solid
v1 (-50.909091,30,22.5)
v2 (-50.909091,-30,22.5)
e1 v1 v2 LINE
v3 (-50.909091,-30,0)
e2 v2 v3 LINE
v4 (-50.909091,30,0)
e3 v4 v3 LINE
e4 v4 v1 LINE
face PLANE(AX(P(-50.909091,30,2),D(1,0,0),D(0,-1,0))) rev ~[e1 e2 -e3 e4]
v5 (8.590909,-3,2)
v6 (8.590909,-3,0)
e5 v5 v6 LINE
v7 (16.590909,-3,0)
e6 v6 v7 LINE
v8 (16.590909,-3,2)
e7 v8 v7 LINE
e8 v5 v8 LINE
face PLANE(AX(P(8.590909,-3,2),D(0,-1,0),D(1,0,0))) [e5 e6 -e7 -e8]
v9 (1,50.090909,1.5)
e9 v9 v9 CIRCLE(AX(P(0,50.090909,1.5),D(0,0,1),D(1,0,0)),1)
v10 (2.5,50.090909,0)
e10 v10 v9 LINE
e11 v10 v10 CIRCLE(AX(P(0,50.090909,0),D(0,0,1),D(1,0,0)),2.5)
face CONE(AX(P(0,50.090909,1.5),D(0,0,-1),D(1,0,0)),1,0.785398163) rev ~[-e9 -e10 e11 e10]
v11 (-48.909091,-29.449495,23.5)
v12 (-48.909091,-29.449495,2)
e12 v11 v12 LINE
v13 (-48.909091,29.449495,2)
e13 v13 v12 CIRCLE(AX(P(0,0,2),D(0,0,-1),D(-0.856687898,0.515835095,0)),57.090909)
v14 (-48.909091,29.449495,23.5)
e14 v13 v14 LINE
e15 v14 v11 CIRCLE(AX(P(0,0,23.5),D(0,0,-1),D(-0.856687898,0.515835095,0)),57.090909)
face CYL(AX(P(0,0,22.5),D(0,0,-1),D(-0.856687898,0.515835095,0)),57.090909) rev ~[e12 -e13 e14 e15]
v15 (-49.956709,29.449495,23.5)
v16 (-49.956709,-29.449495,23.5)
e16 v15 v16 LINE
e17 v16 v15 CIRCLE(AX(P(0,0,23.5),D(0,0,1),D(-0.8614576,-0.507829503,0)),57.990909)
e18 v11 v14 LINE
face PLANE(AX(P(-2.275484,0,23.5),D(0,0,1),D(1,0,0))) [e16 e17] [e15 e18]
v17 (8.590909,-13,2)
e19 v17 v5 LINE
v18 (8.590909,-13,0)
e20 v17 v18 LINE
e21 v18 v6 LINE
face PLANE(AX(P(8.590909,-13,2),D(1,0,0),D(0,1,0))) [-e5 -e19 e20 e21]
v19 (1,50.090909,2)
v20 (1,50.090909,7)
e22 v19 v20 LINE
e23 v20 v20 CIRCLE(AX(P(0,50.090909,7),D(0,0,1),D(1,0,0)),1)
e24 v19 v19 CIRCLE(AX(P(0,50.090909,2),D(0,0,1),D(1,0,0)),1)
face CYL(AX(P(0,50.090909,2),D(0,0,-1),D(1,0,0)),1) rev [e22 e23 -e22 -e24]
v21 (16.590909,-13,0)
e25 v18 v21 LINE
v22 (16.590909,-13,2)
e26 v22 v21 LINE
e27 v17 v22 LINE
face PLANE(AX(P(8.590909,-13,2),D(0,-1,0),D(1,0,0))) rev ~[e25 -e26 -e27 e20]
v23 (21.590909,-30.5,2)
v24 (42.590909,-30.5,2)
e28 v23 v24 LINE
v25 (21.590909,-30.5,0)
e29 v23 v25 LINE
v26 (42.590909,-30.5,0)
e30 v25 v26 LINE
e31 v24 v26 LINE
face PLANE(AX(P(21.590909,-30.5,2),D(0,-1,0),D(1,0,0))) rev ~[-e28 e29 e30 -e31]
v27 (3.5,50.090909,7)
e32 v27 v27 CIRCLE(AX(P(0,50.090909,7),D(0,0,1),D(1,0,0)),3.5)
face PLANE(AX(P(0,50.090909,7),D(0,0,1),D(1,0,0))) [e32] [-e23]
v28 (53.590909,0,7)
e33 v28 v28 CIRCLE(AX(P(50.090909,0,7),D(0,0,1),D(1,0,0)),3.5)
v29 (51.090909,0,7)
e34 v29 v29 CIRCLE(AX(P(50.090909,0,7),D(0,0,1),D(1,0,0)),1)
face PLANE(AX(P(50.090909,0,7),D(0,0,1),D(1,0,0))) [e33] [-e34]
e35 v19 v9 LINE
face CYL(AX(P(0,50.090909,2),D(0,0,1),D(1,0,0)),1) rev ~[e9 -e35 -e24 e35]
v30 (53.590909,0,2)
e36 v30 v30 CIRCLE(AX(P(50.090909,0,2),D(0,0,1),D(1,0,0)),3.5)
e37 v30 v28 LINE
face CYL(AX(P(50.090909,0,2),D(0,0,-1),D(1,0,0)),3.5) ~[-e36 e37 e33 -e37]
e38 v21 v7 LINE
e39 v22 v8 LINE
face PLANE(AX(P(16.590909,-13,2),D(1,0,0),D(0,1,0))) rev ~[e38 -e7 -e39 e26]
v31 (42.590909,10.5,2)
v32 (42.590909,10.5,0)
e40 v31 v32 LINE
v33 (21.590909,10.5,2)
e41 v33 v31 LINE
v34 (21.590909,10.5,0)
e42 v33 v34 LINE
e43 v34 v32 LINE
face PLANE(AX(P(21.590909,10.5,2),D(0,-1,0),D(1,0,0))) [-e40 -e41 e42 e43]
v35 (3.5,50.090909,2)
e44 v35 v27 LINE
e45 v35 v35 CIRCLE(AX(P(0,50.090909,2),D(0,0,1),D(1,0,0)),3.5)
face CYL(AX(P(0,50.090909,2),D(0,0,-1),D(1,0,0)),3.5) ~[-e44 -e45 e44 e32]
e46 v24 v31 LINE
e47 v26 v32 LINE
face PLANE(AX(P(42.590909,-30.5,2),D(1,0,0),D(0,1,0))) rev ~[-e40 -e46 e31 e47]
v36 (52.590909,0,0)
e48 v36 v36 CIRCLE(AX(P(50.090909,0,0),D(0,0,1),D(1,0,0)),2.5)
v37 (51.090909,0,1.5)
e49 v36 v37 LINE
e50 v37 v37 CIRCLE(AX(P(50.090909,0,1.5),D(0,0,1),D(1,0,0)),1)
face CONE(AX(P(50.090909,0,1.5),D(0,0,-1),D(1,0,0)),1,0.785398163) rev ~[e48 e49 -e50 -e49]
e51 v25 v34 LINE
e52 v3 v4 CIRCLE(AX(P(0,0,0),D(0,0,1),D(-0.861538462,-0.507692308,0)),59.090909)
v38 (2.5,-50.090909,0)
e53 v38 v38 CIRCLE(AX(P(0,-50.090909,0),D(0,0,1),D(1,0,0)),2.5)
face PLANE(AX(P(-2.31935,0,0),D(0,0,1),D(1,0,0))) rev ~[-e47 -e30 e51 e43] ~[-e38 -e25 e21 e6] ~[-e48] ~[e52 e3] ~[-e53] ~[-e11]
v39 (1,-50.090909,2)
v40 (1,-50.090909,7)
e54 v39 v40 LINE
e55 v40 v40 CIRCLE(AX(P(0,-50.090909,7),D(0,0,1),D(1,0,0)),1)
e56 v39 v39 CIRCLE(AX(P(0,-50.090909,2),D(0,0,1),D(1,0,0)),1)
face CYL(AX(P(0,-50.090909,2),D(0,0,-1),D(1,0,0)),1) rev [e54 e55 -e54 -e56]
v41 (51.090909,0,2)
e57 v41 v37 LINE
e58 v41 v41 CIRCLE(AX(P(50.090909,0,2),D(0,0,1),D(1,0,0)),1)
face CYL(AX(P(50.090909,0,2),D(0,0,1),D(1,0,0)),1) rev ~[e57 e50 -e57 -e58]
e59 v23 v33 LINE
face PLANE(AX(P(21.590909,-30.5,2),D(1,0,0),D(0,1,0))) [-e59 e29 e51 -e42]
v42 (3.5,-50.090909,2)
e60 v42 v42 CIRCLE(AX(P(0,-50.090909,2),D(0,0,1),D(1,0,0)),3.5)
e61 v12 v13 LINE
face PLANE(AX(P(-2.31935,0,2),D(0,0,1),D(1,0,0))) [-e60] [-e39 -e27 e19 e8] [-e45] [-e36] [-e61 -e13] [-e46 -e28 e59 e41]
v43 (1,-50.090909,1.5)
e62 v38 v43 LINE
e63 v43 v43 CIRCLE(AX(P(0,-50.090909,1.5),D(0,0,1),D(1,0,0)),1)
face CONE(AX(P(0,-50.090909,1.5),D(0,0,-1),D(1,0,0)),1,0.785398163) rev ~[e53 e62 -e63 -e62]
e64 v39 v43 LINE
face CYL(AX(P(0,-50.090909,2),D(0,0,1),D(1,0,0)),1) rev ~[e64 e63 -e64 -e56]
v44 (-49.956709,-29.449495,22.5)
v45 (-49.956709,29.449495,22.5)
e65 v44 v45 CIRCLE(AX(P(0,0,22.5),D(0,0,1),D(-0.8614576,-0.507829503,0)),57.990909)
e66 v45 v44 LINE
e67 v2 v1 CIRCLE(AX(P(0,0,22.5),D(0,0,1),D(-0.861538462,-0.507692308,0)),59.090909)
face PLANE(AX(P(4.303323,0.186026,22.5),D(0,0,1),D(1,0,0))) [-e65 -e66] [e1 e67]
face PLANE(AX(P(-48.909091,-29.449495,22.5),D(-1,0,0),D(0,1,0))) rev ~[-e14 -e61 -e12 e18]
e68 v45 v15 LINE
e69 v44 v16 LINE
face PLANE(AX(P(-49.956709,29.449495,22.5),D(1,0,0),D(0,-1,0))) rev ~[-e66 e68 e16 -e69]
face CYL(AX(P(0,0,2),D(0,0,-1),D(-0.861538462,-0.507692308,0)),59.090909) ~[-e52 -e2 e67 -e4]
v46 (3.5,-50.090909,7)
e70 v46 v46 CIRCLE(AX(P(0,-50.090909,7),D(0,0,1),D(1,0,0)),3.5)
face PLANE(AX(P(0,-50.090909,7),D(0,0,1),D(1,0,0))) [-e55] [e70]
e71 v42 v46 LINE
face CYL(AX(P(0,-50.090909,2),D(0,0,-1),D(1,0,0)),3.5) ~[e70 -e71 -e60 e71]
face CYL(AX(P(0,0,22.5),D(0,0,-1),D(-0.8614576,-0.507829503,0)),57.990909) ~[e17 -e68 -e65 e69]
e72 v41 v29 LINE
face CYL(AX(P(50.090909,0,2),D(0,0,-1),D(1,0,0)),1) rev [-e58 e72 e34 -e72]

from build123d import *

# Parameters (mm, degrees)
F1_DEPTH  = 2
F3_R      = 3.5
F3_R_2    = 1
F5_DEPTH  = 5
F2_W      = 2
F2_H      = 13
F2_H_2    = 18.4
F2_H_3    = 10
F6_DEPTH  = 20.5
F8_DEPTH  = 1
F4_W      = 21
F4_H      = 41
F9_DEPTH  = 25
F10_DEPTH = 25
F11_SIZE2 = 1.5
F11_SIZE  = 1.5
F4_W_2    = 8
F4_H_2    = 10
F12_DEPTH = 25


with BuildPart() as f1:
    # F0 (on Top) → F1 (new body)
    with BuildSketch(Plane.XY):
        with BuildLine():
            Line((-50.9090909091, 30), (-50.9090909091, -30))
            ThreePointArc((-50.9090909091, -30), (59.0909090909, 0), (-50.9090909091, 30))
        make_face()
    extrude(amount=F1_DEPTH)

    # F3 (on face) → F5 (join)
    with BuildSketch(Plane.XY.offset(2)):
        with Locations((0, -50.0909090909)):
            Circle(F3_R)
        with Locations((0, -50.0909090909)):
            Circle(F3_R_2, mode=Mode.SUBTRACT)
        with Locations((0, 50.0909090909)):
            Circle(F3_R)
        with Locations((0, 50.0909090909)):
            Circle(F3_R_2, mode=Mode.SUBTRACT)
        with Locations((50.0909090909, 0)):
            Circle(F3_R)
        with Locations((50.0909090909, 0)):
            Circle(F3_R_2, mode=Mode.SUBTRACT)
    extrude(amount=F5_DEPTH)

    # F2 (on face) → F6 (join)
    with BuildSketch(Plane.XY.offset(2)):
        with BuildLine():
            ThreePointArc((-48.9090909091, 29.4494945164), (57.0909090909, 0), (-48.9090909091, -29.4494945164))
            Line((-48.9090909091, -29.4494945164), (-48.9090909091, -22.0505054836))
            Line((-48.9090909091, -22.0505054836), (-50.9090909091, -22.0505054836))
            Line((-50.9090909091, -22.0505054836), (-50.9090909091, -30))
            ThreePointArc((-50.9090909091, -30), (59.0909090909, 0), (-50.9090909091, 30))
            Line((-50.9090909091, 30), (-50.9090909091, 19.3494945164))
            Line((-50.9090909091, 19.3494945164), (-48.9090909091, 19.3494945164))
            Line((-48.9090909091, 19.3494945164), (-48.9090909091, 29.4494945164))
        make_face()
        with Locations((-49.9090909091, 12.8494945164)):
            Rectangle(F2_W, F2_H)
        with Locations((-49.9090909091, -2.8505054836)):
            Rectangle(F2_W, F2_H_2)
        with Locations((-49.9090909091, -17.0505054836)):
            Rectangle(F2_W, F2_H_3)
    extrude(amount=F6_DEPTH)

    # F7 (on face) → F8 (join)
    with BuildSketch(Plane.XY.offset(22.5)):
        with BuildLine():
            Line((-49.9567093584, 29.4494945164), (-49.9567093584, -29.4494945164))
            ThreePointArc((-49.9567093584, -29.4494945164), (57.9909090909, 0), (-49.9567093584, 29.4494945164))
        make_face()
        with BuildLine():
            ThreePointArc((-48.9090909091, 29.4494945164), (57.0909090909, 0), (-48.9090909091, -29.4494945164))
            Line((-48.9090909091, -29.4494945164), (-48.9090909091, 29.4494945164))
        make_face(mode=Mode.SUBTRACT)
    extrude(amount=F8_DEPTH)

    # F4 (on face) → F9 (cut)
    with BuildSketch(Plane.XY.offset(2)):
        with Locations((32.0909090909, -10)):
            Rectangle(F4_W, F4_H)
    extrude(amount=-F9_DEPTH, mode=Mode.SUBTRACT)

    # F3 (on face) → F10 (cut)
    with BuildSketch(Plane.XY.offset(2)):
        with Locations((0, 50.0909090909)):
            Circle(F3_R_2)
        with Locations((50.0909090909, 0)):
            Circle(F3_R_2)
        with Locations((0, -50.0909090909)):
            Circle(F3_R_2)
    extrude(amount=-F10_DEPTH, mode=Mode.SUBTRACT)

    # F11
    f11_edges = [f1.edges().sort_by_distance(p)[0] for p in [
        (-1, -50.090909, 0),
        (49.090909, 0, 0),
        (-1, 50.090909, 0),
    ]]
    chamfer(f11_edges, length=F11_SIZE, length2=F11_SIZE2)

    # F4 (on face) → F12 (cut)
    with BuildSketch(Plane.XY.offset(2)):
        with Locations((12.5909090909, -8)):
            Rectangle(F4_W_2, F4_H_2)
    extrude(amount=-F12_DEPTH, mode=Mode.SUBTRACT)


solid = f1.part
